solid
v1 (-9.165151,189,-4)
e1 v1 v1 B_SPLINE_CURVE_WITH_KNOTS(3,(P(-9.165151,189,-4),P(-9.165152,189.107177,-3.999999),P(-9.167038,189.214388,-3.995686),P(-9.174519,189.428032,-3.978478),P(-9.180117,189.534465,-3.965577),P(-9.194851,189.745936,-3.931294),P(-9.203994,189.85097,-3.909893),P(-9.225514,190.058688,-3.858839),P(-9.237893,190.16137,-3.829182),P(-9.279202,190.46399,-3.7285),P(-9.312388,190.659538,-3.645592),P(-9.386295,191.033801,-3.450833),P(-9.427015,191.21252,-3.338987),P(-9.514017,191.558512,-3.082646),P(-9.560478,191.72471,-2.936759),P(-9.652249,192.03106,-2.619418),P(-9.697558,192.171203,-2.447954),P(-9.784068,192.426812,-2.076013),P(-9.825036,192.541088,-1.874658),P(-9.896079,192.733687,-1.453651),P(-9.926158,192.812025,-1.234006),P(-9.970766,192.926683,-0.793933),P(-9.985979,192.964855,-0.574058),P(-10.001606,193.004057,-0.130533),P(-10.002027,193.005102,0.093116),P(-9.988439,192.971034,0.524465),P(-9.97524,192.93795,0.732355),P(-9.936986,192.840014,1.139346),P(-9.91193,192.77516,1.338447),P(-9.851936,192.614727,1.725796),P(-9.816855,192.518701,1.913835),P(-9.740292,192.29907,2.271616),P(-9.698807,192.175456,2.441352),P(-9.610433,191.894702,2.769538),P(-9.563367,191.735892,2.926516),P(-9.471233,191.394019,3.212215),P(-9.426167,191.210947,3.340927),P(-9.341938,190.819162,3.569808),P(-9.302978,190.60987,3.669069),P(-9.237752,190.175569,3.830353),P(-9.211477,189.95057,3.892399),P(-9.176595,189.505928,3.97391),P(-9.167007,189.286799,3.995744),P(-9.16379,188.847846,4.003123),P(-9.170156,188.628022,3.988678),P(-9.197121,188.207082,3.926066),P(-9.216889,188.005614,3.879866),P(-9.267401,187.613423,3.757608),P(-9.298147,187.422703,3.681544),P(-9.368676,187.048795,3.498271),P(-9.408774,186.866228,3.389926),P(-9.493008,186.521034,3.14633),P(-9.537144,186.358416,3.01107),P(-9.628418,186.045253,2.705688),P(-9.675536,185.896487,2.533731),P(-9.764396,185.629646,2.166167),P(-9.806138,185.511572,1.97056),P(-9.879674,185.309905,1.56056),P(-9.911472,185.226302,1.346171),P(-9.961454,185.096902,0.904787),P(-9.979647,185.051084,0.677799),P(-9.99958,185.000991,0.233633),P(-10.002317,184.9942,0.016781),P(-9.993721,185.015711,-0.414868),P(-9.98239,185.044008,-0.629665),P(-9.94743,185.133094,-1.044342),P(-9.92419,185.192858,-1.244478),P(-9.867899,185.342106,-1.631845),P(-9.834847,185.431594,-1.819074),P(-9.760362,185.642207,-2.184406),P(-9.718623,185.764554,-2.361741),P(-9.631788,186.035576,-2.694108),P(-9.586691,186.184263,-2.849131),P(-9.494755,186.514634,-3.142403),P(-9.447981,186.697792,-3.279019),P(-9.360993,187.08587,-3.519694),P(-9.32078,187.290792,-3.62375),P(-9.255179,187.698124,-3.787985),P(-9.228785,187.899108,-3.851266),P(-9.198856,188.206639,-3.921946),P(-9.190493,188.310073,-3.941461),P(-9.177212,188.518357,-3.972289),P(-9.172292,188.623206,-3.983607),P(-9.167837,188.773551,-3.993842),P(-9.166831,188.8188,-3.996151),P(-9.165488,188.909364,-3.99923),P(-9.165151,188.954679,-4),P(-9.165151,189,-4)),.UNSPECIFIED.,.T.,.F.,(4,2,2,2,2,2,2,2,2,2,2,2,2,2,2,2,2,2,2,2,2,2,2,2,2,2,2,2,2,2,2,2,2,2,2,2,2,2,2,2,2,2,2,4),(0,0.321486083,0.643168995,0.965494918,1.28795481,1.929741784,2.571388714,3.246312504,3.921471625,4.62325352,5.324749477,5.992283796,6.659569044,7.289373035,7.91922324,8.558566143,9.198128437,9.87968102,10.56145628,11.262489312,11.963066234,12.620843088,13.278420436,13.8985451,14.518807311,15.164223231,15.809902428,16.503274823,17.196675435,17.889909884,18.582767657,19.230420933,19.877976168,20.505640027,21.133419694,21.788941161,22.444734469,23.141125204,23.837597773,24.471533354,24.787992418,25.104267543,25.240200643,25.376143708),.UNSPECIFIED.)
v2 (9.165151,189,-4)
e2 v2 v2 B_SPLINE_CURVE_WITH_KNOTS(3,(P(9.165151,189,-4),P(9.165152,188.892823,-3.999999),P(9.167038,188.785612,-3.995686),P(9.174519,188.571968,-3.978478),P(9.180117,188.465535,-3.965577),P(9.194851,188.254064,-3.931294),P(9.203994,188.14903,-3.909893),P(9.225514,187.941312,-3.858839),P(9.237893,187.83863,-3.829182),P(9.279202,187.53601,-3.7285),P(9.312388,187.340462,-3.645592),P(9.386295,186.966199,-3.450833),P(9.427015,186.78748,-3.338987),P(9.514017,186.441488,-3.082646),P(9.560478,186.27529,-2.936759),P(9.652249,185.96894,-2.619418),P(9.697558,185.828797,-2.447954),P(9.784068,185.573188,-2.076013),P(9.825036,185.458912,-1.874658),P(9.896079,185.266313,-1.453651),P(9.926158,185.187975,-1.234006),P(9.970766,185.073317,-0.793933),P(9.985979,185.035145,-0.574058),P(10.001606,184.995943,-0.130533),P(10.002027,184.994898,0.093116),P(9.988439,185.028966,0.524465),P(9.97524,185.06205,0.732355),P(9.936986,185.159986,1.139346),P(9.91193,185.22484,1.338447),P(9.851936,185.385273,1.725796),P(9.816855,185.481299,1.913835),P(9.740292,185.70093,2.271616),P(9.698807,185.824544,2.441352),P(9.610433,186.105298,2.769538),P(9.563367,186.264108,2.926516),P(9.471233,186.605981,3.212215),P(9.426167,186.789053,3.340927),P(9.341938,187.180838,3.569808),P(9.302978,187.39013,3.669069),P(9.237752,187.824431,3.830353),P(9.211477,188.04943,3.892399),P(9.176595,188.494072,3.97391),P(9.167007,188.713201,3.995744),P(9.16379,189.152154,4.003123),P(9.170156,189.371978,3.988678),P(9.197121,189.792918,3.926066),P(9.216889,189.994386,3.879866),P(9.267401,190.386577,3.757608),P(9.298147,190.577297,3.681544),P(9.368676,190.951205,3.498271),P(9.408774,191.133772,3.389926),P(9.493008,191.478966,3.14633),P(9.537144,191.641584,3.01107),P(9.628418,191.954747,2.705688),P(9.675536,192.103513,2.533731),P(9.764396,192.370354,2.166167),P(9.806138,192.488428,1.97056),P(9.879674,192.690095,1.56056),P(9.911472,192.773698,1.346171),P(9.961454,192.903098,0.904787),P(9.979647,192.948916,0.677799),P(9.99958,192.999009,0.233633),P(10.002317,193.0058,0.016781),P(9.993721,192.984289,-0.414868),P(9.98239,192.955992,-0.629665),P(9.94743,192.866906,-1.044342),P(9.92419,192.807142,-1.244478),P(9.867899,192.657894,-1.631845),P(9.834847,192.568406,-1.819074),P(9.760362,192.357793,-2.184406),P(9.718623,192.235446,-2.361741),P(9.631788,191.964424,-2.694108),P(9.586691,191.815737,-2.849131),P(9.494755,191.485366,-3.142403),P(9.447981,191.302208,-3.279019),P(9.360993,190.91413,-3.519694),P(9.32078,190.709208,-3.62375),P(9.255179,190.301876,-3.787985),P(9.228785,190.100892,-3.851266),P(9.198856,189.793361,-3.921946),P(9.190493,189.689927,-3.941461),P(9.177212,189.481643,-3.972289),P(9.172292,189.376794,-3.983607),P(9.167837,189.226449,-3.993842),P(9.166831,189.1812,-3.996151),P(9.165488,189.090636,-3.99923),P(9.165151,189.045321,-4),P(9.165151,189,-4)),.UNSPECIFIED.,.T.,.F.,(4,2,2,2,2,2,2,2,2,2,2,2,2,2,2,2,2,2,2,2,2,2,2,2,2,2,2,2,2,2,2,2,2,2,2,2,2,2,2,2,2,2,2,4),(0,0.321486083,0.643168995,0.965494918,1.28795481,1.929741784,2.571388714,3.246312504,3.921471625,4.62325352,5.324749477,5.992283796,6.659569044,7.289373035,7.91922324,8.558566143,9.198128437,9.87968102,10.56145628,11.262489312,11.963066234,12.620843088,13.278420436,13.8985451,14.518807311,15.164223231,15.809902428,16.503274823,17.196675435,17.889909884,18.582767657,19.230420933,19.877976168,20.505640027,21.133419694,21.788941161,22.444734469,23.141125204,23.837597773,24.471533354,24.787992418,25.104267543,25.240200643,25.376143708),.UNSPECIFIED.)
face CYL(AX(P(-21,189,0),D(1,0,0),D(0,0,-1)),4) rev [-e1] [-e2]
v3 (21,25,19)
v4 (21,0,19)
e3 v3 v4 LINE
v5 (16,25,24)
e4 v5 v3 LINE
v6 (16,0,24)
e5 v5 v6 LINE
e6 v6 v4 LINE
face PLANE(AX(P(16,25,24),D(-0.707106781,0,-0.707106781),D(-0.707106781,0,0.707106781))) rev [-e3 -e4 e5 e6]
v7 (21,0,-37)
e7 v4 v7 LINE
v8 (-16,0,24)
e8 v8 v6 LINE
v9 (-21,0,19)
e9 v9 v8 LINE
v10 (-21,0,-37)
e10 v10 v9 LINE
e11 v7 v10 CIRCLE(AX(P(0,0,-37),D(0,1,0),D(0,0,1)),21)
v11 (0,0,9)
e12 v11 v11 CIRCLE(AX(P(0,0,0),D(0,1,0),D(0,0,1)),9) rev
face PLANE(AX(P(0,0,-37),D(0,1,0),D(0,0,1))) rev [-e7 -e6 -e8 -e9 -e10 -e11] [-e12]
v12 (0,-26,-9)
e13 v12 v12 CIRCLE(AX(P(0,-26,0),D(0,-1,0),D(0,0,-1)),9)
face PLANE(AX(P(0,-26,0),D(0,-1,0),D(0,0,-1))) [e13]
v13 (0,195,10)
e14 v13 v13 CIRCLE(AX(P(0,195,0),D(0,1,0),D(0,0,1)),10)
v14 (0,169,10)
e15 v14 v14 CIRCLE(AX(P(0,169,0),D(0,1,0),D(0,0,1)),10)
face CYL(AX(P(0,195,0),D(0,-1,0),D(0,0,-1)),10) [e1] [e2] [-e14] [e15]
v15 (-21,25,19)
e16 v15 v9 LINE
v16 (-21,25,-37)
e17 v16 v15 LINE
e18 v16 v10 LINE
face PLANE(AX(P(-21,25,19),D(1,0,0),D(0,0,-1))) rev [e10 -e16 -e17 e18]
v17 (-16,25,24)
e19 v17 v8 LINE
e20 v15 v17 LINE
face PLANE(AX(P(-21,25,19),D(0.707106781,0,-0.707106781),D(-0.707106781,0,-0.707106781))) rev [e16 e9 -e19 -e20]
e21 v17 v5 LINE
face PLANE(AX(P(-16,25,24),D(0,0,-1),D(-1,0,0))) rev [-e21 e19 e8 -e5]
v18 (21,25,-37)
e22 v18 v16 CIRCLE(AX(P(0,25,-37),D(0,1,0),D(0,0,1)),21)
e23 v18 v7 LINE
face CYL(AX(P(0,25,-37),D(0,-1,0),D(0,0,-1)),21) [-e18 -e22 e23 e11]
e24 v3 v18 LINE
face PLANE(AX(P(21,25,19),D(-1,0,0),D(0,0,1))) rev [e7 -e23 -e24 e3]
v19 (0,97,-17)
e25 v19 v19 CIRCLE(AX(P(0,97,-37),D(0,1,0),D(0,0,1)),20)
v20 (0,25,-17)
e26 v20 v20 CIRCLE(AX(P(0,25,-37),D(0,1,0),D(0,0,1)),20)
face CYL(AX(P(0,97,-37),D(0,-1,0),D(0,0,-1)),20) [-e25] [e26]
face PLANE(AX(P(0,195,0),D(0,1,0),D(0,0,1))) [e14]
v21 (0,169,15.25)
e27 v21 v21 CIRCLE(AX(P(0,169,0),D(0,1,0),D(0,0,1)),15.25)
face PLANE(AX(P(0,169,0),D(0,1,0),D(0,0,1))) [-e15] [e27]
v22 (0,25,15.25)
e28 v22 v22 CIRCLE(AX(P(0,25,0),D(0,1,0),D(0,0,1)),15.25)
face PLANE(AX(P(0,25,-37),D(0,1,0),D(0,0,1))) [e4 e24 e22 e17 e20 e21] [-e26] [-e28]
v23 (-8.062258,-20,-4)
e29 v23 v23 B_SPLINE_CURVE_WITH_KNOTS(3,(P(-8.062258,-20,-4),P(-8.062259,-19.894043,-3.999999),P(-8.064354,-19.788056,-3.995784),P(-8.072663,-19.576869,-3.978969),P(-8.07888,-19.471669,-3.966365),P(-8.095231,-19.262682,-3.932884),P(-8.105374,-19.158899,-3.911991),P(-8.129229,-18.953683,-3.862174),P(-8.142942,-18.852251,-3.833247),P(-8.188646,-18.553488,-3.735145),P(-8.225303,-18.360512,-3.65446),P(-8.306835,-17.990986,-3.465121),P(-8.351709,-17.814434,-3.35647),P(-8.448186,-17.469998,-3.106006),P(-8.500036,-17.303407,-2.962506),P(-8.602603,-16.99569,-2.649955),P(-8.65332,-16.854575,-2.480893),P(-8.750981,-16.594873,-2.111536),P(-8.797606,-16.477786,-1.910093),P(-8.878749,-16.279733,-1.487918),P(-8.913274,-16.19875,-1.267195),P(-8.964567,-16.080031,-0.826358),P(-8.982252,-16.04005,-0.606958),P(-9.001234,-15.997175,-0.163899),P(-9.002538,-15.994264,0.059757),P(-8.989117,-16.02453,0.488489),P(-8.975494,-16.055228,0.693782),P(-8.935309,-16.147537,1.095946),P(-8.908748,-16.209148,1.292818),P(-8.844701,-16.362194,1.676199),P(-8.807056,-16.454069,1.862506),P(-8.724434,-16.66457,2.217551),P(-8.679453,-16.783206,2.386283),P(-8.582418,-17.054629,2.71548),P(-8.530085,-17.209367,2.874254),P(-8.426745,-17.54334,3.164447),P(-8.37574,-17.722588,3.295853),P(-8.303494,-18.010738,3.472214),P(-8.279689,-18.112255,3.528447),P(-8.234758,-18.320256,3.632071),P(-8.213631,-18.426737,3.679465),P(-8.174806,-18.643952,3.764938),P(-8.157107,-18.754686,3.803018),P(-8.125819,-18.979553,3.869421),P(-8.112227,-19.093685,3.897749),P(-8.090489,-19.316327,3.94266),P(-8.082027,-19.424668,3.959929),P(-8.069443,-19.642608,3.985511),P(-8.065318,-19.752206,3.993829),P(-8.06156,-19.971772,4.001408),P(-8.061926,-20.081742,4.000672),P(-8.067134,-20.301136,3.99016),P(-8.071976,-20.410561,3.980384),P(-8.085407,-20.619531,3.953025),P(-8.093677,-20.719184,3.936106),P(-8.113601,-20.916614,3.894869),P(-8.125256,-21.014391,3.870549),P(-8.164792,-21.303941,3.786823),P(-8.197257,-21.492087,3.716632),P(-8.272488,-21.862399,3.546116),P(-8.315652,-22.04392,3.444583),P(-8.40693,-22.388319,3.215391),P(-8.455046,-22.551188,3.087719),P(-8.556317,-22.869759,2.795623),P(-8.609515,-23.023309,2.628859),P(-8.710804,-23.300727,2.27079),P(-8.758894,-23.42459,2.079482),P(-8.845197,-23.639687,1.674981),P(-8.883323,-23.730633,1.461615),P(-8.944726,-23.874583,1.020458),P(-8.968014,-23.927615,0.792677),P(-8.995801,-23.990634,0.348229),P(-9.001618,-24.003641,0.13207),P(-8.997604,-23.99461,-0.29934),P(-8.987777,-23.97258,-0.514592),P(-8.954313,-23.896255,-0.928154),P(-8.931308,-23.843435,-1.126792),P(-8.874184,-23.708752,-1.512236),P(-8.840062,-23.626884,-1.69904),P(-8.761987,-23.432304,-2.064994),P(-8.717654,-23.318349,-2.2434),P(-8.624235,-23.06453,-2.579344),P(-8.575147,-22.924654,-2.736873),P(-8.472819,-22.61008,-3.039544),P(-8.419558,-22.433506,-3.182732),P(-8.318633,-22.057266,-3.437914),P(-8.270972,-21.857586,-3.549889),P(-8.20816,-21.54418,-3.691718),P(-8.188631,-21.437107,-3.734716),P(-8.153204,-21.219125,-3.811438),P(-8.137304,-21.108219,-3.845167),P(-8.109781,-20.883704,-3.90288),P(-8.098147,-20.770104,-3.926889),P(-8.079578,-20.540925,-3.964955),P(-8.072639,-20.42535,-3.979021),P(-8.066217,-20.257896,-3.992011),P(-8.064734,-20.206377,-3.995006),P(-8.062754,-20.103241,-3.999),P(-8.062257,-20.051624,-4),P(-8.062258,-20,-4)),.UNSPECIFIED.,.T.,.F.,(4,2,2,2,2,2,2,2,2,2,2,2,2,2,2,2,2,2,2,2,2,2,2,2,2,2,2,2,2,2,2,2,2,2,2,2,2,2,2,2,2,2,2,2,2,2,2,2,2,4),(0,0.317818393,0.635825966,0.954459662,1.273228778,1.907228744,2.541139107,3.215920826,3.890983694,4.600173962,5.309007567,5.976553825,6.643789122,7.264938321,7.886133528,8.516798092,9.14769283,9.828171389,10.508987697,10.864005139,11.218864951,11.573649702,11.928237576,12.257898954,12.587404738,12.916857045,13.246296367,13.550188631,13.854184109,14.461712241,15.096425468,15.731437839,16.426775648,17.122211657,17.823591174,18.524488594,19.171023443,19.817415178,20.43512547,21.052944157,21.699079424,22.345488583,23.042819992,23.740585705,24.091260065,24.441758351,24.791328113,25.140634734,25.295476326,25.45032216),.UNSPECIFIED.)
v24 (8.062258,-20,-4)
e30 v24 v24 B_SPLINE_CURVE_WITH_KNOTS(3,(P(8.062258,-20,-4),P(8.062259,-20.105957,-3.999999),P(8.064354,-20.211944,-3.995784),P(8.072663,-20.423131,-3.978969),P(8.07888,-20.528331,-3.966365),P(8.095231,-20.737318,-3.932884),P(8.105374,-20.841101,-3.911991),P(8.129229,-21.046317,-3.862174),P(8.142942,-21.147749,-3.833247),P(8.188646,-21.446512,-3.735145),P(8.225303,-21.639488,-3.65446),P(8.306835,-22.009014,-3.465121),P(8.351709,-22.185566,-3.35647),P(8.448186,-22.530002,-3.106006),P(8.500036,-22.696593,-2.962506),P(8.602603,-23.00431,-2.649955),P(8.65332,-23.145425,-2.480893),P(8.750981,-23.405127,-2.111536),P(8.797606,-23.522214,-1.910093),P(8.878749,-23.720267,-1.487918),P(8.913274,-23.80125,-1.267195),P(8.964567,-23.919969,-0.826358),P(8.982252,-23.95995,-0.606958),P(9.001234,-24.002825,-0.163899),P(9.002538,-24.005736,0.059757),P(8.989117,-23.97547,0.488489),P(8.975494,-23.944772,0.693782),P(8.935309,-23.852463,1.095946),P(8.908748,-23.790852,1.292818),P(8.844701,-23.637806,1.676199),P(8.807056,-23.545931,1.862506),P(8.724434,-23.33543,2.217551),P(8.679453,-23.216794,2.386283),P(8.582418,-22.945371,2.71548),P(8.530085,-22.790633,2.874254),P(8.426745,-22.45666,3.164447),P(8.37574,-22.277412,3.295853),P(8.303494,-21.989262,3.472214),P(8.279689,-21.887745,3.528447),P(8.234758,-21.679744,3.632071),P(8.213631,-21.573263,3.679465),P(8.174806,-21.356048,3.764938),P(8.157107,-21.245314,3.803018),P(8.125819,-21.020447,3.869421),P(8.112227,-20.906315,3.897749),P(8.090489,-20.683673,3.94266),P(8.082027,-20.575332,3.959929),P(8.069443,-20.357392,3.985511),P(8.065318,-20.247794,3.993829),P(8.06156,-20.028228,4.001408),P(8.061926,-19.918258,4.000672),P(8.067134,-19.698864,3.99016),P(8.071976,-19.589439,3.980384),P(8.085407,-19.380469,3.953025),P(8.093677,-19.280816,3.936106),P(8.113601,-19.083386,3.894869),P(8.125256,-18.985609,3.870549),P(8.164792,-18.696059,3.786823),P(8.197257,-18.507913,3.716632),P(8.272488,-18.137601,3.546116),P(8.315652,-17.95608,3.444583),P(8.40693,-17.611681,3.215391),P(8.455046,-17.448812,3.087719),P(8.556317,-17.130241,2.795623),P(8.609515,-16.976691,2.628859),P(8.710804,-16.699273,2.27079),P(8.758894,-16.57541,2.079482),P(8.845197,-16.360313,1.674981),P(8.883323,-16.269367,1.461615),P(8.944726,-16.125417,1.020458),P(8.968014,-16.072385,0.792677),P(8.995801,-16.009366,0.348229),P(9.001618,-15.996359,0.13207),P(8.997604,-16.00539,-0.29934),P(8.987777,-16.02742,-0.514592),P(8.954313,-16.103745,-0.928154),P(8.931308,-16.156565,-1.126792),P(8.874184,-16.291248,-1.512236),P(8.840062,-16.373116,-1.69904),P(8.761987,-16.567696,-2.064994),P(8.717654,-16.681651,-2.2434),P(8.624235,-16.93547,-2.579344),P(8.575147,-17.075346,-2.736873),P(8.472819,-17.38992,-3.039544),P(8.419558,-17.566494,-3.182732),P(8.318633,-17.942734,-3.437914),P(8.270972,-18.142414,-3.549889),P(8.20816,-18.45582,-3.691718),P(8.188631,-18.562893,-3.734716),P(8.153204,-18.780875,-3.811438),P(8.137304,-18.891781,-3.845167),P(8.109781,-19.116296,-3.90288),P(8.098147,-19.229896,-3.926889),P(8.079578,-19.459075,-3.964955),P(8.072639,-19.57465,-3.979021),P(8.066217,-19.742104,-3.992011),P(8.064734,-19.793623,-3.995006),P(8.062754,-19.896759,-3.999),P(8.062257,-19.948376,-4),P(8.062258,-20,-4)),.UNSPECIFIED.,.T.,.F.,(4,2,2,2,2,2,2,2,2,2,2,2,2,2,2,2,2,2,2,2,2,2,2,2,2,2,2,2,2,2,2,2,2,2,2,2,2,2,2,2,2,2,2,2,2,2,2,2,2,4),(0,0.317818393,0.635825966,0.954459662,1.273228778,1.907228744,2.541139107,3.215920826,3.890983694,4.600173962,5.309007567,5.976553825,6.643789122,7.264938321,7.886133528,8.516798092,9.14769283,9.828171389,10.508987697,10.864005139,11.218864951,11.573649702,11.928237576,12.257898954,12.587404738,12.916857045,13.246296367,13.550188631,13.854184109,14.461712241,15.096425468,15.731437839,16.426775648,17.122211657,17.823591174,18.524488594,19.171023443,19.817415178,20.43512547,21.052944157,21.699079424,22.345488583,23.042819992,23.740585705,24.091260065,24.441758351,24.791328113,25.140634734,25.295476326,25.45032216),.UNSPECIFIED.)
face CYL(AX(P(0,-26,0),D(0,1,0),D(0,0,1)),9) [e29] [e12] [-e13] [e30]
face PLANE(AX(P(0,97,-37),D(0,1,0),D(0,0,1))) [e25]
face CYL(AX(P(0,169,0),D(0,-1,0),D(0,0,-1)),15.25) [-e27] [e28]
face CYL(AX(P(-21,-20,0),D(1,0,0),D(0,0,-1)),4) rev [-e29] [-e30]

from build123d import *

# Parameters (mm, degrees)
BOSS_EXTRUDE1_DEPTH     = 25
SKETCH2_R               = 15.25
BOSS_EXTRUDE2_DEPTH     = 144
SKETCH3_R               = 20
BOSS_EXTRUDE3_DEPTH     = 72
SKETCH4_R               = 9
BOSS_EXTRUDE4_DEPTH     = 26
CUT_EXTRUDE1_DEPTH      = 180.905530765
CUT_EXTRUDE1_DEPTH_BACK = 180.905530765
SKETCH5_R               = 4
SKETCH6_R               = 10
BOSS_EXTRUDE5_DEPTH     = 26
CUT_EXTRUDE2_DEPTH      = 205.523837242
CUT_EXTRUDE2_DEPTH_BACK = 205.523837242
SKETCH7_R               = 4


with BuildPart() as part:
    # Sketch1 → Boss-Extrude1 (new body)
    with BuildSketch(Plane(origin=(0, 0, 0), x_dir=(1, 0, 0), z_dir=(0, 1, 0))):
        with BuildLine():
            Line((-16, -24), (16, -24))
            Line((16, -24), (21, -19))
            Line((21, -19), (21, 37))
            ThreePointArc((21, 37), (0, 58), (-21, 37))
            Line((-21, 37), (-21, -19))
            Line((-21, -19), (-16, -24))
        make_face()
    extrude(amount=BOSS_EXTRUDE1_DEPTH)

    # Sketch2 → Boss-Extrude2 (add)
    with BuildSketch(Plane(origin=(0, 25, 0), x_dir=(1, 0, 0), z_dir=(0, 1, 0))):
        with Locations(Location((0, 0, 0), (0, 0, 270))):
            Circle(SKETCH2_R)
    extrude(amount=BOSS_EXTRUDE2_DEPTH)

    # Sketch3 → Boss-Extrude3 (add)
    with BuildSketch(Plane(origin=(0, 25, 0), x_dir=(1, 0, 0), z_dir=(0, 1, 0))):
        with Locations(Location((0, 37, 0), (0, 0, 270))):
            Circle(SKETCH3_R)
    extrude(amount=BOSS_EXTRUDE3_DEPTH)

    # Sketch4 → Boss-Extrude4 (add)
    with BuildSketch(Plane.XZ):
        with Locations(Location((0, 0, 0), (0, 0, 90))):
            Circle(SKETCH4_R)
    extrude(amount=BOSS_EXTRUDE4_DEPTH)

    # Sketch5 → Cut-Extrude1 (cut, two sides: drawn at the far end of the back side and taken through both)
    with BuildSketch(Plane(origin=(0, 0, 0), x_dir=(0, 0, -1), z_dir=(1, 0, 0)).offset(-CUT_EXTRUDE1_DEPTH_BACK)):
        with Locations((0, -20)):
            Circle(SKETCH5_R)
    extrude(amount=CUT_EXTRUDE1_DEPTH + CUT_EXTRUDE1_DEPTH_BACK, mode=Mode.SUBTRACT)

    # Sketch6 → Boss-Extrude5 (add)
    with BuildSketch(Plane(origin=(0, 169, 0), x_dir=(1, 0, 0), z_dir=(0, 1, 0))):
        with Locations(Location((0, 0, 0), (0, 0, 90))):
            Circle(SKETCH6_R)
    extrude(amount=BOSS_EXTRUDE5_DEPTH)

    # Sketch7 → Cut-Extrude2 (cut, two sides: drawn at the far end of the back side and taken through both)
    with BuildSketch(Plane(origin=(0, 0, 0), x_dir=(0, 0, -1), z_dir=(1, 0, 0)).offset(-CUT_EXTRUDE2_DEPTH_BACK)):
        with Locations((0, 189)):
            Circle(SKETCH7_R)
    extrude(amount=CUT_EXTRUDE2_DEPTH + CUT_EXTRUDE2_DEPTH_BACK, mode=Mode.SUBTRACT)


solid = part.part
